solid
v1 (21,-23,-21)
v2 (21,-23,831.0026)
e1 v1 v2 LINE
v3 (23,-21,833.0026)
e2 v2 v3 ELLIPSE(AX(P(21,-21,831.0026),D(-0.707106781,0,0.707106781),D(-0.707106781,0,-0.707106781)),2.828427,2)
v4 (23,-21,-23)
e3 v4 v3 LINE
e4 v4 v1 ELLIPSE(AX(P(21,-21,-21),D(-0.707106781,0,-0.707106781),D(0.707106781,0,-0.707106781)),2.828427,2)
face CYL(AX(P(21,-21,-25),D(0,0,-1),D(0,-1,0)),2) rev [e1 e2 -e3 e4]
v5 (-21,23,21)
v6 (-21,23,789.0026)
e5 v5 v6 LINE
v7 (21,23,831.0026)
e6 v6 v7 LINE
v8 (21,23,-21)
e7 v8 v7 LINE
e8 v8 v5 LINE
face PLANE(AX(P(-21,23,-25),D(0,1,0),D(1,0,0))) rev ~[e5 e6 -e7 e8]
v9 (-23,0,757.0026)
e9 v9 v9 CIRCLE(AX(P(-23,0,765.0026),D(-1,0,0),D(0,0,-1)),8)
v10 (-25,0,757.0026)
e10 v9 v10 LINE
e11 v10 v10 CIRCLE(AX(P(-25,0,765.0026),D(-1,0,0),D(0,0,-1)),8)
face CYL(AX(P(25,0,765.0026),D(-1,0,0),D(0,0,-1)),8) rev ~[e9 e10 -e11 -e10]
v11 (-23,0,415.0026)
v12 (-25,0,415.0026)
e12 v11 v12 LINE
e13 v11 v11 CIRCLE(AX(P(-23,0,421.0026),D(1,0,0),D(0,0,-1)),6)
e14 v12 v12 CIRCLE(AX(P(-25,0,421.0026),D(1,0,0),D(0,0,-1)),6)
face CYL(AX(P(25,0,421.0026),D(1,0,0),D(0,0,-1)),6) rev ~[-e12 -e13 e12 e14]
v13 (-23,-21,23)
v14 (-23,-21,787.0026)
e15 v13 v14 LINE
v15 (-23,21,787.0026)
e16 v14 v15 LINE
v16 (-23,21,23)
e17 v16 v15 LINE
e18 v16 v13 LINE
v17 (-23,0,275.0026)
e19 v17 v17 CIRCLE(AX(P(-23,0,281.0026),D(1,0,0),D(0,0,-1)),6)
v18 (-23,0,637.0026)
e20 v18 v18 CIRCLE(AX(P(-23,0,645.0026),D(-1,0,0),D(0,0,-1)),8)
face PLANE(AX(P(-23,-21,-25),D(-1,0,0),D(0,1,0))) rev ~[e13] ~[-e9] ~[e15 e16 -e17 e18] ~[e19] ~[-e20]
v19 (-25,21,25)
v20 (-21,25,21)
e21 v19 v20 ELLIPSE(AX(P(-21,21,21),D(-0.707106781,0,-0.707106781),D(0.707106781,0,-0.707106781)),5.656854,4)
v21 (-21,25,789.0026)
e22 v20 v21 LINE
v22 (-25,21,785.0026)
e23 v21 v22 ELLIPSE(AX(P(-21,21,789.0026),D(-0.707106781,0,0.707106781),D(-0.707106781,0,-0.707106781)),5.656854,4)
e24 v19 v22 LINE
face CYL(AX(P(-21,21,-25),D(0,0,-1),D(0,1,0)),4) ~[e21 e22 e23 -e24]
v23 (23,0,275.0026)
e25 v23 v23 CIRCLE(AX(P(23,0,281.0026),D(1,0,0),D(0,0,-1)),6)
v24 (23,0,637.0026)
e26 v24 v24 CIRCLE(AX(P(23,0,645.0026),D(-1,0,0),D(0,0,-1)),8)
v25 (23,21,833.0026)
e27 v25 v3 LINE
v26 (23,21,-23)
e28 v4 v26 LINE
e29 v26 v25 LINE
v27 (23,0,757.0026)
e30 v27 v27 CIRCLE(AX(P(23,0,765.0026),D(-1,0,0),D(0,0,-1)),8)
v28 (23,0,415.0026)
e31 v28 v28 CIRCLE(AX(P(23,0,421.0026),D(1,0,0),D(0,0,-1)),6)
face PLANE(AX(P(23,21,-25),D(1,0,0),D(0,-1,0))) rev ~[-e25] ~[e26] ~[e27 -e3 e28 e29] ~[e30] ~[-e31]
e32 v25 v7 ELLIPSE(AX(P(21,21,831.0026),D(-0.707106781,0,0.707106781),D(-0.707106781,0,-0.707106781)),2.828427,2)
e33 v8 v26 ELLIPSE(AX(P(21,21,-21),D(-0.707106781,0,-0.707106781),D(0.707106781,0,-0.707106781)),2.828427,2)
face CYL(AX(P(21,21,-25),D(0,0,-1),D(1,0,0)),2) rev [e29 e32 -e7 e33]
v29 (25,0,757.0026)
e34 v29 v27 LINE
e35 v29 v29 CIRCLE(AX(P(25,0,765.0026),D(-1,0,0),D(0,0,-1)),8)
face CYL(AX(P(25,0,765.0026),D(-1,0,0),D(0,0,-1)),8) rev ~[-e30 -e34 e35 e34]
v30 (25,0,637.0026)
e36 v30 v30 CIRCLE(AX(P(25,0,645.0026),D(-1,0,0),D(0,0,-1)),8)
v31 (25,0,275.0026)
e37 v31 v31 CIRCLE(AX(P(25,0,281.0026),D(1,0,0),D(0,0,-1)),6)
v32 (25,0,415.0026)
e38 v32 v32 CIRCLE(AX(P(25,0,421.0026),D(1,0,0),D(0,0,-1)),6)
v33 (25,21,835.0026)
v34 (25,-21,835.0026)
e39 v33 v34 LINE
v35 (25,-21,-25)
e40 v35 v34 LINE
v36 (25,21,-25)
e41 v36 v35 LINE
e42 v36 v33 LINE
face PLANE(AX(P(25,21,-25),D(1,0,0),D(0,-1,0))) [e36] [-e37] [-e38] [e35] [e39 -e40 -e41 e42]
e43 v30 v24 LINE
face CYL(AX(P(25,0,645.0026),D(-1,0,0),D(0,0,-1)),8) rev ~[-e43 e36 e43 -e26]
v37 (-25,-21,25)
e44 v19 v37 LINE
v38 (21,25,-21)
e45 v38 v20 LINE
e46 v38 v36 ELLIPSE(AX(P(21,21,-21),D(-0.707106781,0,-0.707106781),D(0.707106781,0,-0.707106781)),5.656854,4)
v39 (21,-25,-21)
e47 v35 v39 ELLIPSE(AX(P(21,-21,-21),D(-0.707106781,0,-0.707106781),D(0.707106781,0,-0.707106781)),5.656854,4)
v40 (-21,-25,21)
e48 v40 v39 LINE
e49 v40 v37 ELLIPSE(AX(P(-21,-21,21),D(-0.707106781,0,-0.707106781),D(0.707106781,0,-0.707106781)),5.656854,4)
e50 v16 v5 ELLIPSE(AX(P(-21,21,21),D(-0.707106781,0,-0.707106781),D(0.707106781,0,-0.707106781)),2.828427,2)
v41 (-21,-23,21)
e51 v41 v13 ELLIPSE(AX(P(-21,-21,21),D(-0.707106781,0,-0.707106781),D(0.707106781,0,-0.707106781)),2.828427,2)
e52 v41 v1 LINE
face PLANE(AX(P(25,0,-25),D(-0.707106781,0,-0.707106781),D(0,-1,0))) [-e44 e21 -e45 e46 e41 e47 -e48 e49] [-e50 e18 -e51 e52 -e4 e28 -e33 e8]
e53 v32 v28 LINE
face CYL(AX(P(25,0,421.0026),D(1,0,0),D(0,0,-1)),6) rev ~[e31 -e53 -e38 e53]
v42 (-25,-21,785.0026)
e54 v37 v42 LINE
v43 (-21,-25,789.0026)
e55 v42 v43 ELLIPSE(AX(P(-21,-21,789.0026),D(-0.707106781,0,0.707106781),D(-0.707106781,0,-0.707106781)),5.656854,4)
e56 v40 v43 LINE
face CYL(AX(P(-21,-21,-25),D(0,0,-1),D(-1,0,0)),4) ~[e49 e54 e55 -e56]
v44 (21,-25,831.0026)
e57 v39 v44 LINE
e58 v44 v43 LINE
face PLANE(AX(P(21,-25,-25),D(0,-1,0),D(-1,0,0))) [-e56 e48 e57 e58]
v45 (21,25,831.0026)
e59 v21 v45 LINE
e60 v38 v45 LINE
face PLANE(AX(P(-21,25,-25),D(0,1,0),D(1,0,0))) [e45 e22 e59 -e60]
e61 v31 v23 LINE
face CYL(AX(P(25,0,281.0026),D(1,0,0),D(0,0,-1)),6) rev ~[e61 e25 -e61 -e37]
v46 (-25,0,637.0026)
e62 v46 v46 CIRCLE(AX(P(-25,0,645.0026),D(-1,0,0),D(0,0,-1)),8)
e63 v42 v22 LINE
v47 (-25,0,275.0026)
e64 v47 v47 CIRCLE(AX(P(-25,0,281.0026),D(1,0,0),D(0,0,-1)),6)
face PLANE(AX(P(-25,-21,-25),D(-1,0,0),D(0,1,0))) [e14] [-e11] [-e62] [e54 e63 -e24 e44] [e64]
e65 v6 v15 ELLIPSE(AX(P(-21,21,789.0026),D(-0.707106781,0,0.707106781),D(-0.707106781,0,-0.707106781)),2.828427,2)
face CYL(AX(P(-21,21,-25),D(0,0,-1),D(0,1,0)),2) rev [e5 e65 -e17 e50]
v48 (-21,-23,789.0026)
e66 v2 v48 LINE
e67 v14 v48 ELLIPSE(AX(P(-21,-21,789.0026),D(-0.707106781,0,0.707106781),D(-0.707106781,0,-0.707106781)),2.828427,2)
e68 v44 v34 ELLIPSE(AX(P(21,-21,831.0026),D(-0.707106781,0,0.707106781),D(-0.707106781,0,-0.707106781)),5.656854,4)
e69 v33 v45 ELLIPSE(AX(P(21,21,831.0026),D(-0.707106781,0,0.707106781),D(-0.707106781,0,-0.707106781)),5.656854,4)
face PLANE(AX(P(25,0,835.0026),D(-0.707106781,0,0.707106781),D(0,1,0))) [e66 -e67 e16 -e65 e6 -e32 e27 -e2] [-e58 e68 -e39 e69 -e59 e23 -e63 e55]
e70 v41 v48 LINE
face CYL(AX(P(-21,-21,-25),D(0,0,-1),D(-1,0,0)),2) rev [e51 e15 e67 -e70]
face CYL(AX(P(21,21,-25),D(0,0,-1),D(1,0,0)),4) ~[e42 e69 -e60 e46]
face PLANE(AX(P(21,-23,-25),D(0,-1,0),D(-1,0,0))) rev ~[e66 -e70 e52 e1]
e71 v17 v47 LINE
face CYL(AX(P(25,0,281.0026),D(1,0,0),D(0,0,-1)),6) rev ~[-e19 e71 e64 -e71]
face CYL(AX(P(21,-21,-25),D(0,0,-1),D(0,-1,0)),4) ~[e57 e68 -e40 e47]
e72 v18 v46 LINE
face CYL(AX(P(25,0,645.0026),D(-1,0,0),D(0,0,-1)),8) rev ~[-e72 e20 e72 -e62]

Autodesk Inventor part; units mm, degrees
ref_plane "Start Plane" through (0, 0, -25) normal (0, 0, 1) x (1, 0, 0)
ref_plane "End Plane" through (0, 0, 835.0026) normal (0, 0, 1) x (1, 0, 0)
sketch "Sketch" plane through (0, 0, 0) normal (0, 0, 1) x (1, 0, 0)
  line L0 (-25, -21) -> (-25, 21)
  line L1 (-21, 25) -> (21, 25)
  line L2 (25, 21) -> (25, -21)
  line L3 (21, -25) -> (-21, -25)
  arc A0 (-25, -21) -> (-21, -25) centre (-21, -21) ccw
  arc A1 (25, 21) -> (21, 25) centre (21, 21) ccw
  arc A2 (-21, 25) -> (-25, 21) centre (-21, 21) ccw
  arc A3 (21, -25) -> (25, -21) centre (21, -21) ccw
  arc A4 (-21, 23) -> (-23, 21) centre (-21, 21) ccw
  line L4 (-21, 23) -> (21, 23)
  arc A5 (23, 21) -> (21, 23) centre (21, 21) ccw
  line L5 (23, 21) -> (23, -21)
  arc A6 (21, -23) -> (23, -21) centre (21, -21) ccw
  line L6 (21, -23) -> (-21, -23)
  arc A7 (-23, -21) -> (-21, -23) centre (-21, -21) ccw
  line L7 (-23, -21) -> (-23, 21)
  line L8 (0, 36.1598) -> (0, -36.1598) construction
  line L9 (-36.1598, 0) -> (36.1598, 0) construction
  dimension "d7" = 4
  dimension "d9" = 50
  dimension "d11" = 50
  dimension "d12" = 2
  dimension "d15" = 25
  dimension "d16" = 25
extrude "Body" add sketch "Sketch" along normal up to surface (860.0026 mm away) from surface at -25
sketch "Sketch3" plane through (0, 0, 0) normal (0, 0, 1) x (1, 0, 0)
  line L0 (0, 0) -> (10, 0)
ref_plane "Work Plane3" through (0, 0, 0) normal (0, -1, 0) x (1, 0, 0)
sketch "Sketch4" plane through (0, 0, 0) normal (0, -1, 0) x (1, 0, 0)
  line L0 (-2, -25) -> (12, -25)
  line L1 (-2, 835.0026) -> (12, 835.0026)
  dimension "d18" = 860.0026
ref_plane "Work Plane4" through (25, 0, -25) normal (-0.7071, 0, -0.7071) x (-0.7071, 0, 0.7071)
split "Split1" plane through (25, 0, -25) removes the side toward (-0.7071, 0, -0.7071)
ref_plane "Work Plane5" through (25, 0, 835.0026) normal (-0.7071, 0, 0.7071) x (0.7071, 0, 0.7071)
split "Split2" plane through (25, 0, 835.0026) removes the side toward (-0.7071, 0, 0.7071)
sketch "Sketch5" plane through (25, -21, -25) normal (1, 0, 0) x (0, 0, -1)
  line L0 (-860.0026, 0) -> (0, 0) projected
  line L1 (-860.0026, 42) -> (0, 42) projected
  line L2 (-810.0026, 0) -> (-50, 0) projected
  line L3 (-670.0026, 0) -> (-670.0026, 42)
  line L4 (-810.0026, 42) -> (-50, 42) projected
  line L5 (-790.0026, 0) -> (-790.0026, 42)
  line L6 (-670.0026, 21) -> (-790.0026, 21)
  point P0 (-25, 21)
  dimension "d20" = 120
  dimension "d28" = 70
hole "Hole1" at (25, 0, 765.0026) at (25, 0, 645.0026) direction (-1, 0, 0) diameter 16 depth 50
sketch "Sketch6" plane through (25, -21, -25) normal (1, 0, 0) x (0, 0, -1)
  circle A0 centre (-306.0026, 21) radius 6 projected
  circle A1 centre (-446.0026, 21) radius 6 projected
  circle A2 centre (-670.0026, 21) radius 8 projected
  circle A3 centre (-790.0026, 21) radius 8 projected
  point P0 (-25, 21)
extrude "Extrusion2" cut sketch "Sketch6" against normal up to surface (50 mm away)
equation "\"d7\" = G_IR"
equation "\"d9\" = G_W"
equation "\"d11\" = G_H"
equation "\"d12\" = G_T"
equation "\"d15\" = 0.5 * d9"
equation "\"d16\" = 0.5 * d11"
equation "\"d3\" = G_L"
equation "\"G_W\" = 50"
equation "\"G_H\" = 50"
equation "\"G_T\" = 2"
equation "\"G_IR\" = 4"
equation "\"G_L\" = d18"
equation "\"G_OFFSET_START\" = 25"
equation "\"G_OFFSET_END\" = 25"
equation "\"d13\" = -G_OFFSET_START"
equation "\"d14\" = G_OFFSET_END + B_L"
equation "\"B_L\" = 810.0026"
properties part number "ISO 10799-2 - 50x50x2 - 860" material "Steel, Galvanized"
